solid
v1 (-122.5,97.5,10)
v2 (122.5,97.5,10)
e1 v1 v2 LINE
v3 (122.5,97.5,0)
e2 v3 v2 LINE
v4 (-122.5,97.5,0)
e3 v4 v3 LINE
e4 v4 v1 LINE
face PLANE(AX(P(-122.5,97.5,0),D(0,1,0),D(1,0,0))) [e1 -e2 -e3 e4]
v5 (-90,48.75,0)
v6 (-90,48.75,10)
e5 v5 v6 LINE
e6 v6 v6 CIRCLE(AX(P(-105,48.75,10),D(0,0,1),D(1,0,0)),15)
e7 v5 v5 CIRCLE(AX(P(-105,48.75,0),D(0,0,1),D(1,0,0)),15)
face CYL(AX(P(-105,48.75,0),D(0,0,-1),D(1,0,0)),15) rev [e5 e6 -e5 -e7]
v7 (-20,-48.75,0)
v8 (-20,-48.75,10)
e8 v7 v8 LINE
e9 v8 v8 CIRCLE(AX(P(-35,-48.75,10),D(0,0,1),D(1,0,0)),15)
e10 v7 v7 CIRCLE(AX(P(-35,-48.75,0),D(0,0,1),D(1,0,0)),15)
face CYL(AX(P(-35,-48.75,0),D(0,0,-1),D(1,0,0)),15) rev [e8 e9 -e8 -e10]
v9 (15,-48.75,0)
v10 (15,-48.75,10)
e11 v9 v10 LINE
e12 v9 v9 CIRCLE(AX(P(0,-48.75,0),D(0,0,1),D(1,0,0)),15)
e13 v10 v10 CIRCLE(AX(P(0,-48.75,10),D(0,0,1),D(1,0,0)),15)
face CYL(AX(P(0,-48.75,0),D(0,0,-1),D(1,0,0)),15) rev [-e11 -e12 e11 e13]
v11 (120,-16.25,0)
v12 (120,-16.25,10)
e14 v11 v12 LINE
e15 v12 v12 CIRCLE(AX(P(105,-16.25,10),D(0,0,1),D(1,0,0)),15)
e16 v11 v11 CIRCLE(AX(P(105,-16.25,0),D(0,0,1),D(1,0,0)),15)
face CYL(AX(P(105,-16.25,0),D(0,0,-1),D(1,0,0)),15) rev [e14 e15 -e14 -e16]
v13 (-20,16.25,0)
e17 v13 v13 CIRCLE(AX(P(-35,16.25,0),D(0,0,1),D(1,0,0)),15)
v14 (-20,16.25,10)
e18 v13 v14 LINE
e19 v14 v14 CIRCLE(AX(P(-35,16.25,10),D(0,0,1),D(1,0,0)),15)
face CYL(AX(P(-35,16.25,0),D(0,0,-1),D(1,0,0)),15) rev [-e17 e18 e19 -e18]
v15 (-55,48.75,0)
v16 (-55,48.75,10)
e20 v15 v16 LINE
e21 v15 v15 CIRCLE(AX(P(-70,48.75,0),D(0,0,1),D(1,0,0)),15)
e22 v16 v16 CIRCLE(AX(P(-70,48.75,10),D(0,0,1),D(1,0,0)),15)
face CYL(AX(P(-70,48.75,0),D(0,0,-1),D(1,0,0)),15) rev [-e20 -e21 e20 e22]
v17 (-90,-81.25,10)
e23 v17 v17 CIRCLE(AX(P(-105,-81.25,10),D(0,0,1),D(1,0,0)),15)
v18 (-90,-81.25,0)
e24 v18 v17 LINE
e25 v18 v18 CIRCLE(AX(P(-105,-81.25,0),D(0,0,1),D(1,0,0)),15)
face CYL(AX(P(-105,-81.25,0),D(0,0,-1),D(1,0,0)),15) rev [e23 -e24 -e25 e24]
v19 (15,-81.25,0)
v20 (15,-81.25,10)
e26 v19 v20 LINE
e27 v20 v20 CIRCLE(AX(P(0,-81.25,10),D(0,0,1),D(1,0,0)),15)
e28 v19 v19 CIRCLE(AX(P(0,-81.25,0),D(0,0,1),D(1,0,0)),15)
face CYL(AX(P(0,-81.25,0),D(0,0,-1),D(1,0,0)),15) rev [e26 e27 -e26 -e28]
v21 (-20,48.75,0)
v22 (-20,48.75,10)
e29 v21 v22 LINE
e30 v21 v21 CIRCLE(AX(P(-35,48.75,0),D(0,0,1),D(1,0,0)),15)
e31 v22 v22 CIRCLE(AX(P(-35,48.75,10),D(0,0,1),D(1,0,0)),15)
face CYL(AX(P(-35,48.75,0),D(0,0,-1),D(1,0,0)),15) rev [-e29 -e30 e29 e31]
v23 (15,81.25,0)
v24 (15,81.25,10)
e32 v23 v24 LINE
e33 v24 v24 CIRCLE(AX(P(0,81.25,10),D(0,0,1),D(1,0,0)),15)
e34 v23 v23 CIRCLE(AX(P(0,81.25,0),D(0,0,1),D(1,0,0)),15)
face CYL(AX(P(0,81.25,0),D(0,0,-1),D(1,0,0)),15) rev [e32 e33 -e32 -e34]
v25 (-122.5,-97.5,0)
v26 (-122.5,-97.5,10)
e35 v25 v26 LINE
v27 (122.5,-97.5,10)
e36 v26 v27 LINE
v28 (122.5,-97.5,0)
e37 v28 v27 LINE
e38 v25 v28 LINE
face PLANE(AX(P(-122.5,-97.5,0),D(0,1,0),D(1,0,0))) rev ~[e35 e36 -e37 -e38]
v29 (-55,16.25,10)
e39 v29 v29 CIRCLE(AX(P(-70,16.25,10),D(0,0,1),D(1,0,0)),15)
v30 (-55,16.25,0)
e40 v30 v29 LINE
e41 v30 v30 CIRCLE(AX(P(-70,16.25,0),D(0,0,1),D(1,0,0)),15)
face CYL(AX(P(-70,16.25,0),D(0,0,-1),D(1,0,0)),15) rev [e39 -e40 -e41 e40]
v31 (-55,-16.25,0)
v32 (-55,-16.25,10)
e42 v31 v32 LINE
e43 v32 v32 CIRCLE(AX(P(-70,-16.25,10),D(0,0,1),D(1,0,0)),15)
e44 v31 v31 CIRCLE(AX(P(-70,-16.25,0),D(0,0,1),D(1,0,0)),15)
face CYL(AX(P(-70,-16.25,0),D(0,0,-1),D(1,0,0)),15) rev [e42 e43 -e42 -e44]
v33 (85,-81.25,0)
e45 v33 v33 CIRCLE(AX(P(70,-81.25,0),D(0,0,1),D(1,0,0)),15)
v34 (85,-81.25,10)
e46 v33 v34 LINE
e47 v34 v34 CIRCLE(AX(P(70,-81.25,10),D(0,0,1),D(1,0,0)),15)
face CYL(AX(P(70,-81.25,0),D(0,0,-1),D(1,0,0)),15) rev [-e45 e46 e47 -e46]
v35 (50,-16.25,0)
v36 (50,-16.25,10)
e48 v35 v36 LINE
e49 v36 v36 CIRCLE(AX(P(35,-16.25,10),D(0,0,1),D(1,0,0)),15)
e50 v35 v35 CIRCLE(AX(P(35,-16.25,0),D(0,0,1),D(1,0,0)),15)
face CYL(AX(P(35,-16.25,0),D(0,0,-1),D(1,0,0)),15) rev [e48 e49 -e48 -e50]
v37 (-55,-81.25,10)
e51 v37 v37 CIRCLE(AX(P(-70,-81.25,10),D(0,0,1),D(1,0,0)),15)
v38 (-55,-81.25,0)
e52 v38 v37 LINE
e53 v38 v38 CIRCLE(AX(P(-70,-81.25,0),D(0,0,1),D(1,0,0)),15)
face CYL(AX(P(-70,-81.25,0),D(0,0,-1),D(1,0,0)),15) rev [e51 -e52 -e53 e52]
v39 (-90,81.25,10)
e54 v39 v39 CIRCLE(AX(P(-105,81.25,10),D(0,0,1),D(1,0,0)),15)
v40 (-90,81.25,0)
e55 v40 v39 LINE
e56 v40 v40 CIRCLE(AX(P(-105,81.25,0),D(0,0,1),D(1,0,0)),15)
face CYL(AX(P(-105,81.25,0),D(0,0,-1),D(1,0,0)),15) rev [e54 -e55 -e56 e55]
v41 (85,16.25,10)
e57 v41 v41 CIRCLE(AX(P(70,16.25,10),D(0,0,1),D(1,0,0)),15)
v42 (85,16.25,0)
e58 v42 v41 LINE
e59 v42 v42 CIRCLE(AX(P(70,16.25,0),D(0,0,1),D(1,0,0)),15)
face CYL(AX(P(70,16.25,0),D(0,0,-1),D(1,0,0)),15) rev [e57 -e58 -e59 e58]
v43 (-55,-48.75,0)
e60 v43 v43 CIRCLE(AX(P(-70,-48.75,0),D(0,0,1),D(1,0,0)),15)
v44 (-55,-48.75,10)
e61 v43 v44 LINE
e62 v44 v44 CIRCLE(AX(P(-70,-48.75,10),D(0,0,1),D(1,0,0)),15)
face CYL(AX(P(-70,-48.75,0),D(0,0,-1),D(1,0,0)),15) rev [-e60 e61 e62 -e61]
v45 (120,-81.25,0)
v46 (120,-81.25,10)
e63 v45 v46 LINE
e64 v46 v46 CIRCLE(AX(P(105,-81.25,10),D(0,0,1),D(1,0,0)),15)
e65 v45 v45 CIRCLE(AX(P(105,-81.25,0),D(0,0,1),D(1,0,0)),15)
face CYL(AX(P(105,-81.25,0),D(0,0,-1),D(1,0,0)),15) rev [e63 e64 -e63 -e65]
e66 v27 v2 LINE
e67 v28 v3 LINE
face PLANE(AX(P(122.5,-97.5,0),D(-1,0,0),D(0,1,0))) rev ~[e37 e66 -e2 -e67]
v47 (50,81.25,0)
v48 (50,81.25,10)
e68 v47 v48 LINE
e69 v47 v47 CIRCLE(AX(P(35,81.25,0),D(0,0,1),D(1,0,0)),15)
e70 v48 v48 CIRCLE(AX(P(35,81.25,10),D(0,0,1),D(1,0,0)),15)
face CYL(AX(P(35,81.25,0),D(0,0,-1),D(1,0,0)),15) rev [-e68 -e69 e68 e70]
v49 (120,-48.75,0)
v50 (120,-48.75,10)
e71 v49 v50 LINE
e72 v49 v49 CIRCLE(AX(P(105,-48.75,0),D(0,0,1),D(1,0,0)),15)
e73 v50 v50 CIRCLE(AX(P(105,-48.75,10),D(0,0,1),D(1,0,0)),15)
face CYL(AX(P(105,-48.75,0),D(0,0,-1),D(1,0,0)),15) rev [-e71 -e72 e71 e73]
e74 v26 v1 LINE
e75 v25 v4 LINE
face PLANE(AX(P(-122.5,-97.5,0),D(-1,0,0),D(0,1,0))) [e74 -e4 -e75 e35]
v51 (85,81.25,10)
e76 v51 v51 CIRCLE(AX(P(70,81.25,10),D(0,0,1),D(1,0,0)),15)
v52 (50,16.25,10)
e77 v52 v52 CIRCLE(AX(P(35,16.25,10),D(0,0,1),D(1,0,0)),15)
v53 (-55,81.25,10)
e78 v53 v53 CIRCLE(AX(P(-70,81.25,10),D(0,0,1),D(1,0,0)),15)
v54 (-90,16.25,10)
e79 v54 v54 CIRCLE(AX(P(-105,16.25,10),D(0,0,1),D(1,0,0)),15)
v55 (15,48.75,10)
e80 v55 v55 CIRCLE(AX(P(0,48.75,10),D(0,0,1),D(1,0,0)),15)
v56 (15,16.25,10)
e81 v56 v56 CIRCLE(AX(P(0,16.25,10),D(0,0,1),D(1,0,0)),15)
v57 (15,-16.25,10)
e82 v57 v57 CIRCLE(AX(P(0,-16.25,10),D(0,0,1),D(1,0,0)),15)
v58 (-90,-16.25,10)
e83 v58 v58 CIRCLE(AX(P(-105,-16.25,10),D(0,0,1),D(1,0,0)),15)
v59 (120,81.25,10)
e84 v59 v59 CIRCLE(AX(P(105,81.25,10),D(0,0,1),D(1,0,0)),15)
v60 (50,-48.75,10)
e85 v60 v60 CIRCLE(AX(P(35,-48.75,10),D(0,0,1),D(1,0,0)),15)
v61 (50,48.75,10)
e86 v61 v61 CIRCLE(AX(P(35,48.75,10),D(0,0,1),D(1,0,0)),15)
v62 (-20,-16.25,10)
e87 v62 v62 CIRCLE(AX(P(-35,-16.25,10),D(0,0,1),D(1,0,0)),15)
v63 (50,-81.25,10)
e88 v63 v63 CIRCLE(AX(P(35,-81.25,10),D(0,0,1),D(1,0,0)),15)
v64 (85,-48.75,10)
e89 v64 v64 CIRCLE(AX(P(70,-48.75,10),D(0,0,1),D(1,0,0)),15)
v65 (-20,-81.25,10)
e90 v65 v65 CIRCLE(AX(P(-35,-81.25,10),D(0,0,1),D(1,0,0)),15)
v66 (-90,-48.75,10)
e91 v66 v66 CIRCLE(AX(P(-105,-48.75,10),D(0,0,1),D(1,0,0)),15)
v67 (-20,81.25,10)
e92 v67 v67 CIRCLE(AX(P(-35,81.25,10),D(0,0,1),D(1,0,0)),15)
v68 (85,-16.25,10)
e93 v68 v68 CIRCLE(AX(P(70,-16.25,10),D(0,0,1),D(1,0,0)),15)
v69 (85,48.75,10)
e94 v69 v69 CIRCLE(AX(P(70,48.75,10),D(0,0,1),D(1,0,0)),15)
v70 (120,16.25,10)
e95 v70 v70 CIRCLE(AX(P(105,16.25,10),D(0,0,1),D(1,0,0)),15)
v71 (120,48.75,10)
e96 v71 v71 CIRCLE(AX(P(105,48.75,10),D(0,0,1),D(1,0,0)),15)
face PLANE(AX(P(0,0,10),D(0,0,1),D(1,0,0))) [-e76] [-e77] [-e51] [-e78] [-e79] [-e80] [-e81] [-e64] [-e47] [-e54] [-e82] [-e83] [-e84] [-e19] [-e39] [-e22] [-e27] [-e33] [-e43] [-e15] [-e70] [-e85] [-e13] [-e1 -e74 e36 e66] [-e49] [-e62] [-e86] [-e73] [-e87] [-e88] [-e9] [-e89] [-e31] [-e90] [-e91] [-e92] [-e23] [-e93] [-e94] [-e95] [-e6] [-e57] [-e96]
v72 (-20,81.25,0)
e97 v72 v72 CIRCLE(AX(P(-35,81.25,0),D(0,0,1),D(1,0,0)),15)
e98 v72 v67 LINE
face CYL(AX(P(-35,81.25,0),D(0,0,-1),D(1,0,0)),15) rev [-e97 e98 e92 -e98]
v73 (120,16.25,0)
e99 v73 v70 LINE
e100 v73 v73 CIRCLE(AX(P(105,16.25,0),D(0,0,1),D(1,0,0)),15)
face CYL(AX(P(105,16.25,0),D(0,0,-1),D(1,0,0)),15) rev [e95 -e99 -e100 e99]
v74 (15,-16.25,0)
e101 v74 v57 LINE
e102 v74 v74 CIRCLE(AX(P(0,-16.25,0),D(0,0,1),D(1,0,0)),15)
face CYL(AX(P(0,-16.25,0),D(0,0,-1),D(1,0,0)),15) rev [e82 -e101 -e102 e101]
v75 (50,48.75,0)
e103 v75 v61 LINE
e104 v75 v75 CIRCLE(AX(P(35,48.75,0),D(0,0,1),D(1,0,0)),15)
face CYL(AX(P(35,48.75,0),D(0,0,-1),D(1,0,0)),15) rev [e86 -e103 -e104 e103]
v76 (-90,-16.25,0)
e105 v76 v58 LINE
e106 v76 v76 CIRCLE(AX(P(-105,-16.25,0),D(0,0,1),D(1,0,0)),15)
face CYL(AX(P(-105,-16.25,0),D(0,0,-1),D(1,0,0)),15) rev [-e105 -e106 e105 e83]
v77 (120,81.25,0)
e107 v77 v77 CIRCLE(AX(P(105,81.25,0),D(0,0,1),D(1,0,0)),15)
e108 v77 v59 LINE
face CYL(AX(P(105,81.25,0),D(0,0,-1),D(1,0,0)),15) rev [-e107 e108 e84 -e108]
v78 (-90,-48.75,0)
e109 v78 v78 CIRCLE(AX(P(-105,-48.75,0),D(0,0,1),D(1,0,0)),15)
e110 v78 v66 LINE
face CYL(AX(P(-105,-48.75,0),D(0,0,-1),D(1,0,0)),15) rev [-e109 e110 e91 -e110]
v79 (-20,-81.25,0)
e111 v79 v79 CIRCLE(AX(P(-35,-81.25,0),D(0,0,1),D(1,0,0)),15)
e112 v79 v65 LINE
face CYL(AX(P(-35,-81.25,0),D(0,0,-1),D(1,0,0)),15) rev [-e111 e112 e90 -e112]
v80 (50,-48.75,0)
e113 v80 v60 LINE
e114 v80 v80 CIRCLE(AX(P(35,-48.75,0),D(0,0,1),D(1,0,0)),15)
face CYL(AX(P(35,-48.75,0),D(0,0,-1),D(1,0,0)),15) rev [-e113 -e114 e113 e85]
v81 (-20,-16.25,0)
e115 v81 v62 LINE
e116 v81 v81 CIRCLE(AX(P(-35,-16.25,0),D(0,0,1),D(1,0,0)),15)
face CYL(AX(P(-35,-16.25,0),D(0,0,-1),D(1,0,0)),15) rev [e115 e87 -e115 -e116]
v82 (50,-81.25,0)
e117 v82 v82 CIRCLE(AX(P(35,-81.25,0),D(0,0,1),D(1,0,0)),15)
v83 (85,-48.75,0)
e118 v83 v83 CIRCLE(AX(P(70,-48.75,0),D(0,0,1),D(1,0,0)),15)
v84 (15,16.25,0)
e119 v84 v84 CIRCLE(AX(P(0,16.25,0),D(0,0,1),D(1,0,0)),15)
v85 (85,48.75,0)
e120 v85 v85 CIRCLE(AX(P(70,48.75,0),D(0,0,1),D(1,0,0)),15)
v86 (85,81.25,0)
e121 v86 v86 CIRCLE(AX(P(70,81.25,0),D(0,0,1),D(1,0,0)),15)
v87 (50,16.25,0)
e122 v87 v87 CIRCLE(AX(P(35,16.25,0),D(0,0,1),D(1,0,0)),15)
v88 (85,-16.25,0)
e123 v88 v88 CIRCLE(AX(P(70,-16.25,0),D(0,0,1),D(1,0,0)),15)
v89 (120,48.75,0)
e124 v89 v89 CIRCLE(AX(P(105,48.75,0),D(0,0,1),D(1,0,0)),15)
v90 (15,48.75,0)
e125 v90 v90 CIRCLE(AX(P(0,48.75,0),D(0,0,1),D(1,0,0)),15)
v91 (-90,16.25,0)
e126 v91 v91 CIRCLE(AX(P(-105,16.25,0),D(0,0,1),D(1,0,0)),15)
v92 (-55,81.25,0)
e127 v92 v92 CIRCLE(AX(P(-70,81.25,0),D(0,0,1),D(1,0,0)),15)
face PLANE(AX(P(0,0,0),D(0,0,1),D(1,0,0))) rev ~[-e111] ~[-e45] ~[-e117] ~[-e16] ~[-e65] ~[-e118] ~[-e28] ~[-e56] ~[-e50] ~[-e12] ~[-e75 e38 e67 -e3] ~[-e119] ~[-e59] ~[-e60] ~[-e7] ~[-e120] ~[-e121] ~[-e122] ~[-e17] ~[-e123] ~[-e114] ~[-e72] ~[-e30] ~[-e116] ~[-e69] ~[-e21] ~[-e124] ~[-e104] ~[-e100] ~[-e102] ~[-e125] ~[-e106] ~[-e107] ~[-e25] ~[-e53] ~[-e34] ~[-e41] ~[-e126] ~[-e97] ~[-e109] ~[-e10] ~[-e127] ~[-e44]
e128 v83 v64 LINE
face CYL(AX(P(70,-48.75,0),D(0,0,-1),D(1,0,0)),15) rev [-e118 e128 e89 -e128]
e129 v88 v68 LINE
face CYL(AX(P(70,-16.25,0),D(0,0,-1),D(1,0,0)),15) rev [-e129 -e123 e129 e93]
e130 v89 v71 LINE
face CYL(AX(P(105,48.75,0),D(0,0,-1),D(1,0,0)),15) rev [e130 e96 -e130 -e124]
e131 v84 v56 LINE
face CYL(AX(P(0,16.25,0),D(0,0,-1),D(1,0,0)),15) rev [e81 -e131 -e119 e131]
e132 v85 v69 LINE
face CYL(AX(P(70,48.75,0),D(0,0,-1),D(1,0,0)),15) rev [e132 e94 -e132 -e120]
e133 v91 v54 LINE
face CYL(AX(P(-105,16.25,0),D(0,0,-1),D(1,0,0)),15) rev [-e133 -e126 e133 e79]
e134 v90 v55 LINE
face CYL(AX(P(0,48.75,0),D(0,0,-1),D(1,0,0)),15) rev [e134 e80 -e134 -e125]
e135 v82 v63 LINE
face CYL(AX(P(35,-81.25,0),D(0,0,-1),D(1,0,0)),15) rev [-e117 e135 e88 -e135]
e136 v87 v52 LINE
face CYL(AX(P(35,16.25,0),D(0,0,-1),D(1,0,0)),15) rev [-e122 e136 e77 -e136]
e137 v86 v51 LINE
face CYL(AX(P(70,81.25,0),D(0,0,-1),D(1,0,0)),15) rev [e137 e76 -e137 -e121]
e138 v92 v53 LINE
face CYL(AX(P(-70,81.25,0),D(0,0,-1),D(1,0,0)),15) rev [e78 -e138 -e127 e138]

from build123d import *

# Parameters (mm, degrees)
SKETCH1_W           = 245
SKETCH1_H           = 195
SKETCH1_R           = 15
BOSS_EXTRUDE1_DEPTH = 10


with BuildPart() as part:
    # Sketch1 → Boss-Extrude1 (new body)
    with BuildSketch(Plane.XY):
        Rectangle(SKETCH1_W, SKETCH1_H)
        with Locations((-105, 81.25)):
            Circle(SKETCH1_R, mode=Mode.SUBTRACT)
        with Locations((-70, 81.25)):
            Circle(SKETCH1_R, mode=Mode.SUBTRACT)
        with Locations((-35, 81.25)):
            Circle(SKETCH1_R, mode=Mode.SUBTRACT)
        with Locations((0, 81.25)):
            Circle(SKETCH1_R, mode=Mode.SUBTRACT)
        with Locations((35, 81.25)):
            Circle(SKETCH1_R, mode=Mode.SUBTRACT)
        with Locations((70, 81.25)):
            Circle(SKETCH1_R, mode=Mode.SUBTRACT)
        with Locations((105, 81.25)):
            Circle(SKETCH1_R, mode=Mode.SUBTRACT)
        with Locations((-70, 48.75)):
            Circle(SKETCH1_R, mode=Mode.SUBTRACT)
        with Locations((-35, 48.75)):
            Circle(SKETCH1_R, mode=Mode.SUBTRACT)
        with Locations((0, 48.75)):
            Circle(SKETCH1_R, mode=Mode.SUBTRACT)
        with Locations((35, 48.75)):
            Circle(SKETCH1_R, mode=Mode.SUBTRACT)
        with Locations((70, 48.75)):
            Circle(SKETCH1_R, mode=Mode.SUBTRACT)
        with Locations((105, 48.75)):
            Circle(SKETCH1_R, mode=Mode.SUBTRACT)
        with Locations((-70, 16.25)):
            Circle(SKETCH1_R, mode=Mode.SUBTRACT)
        with Locations((-35, 16.25)):
            Circle(SKETCH1_R, mode=Mode.SUBTRACT)
        with Locations((0, 16.25)):
            Circle(SKETCH1_R, mode=Mode.SUBTRACT)
        with Locations((35, 16.25)):
            Circle(SKETCH1_R, mode=Mode.SUBTRACT)
        with Locations((70, 16.25)):
            Circle(SKETCH1_R, mode=Mode.SUBTRACT)
        with Locations((105, 16.25)):
            Circle(SKETCH1_R, mode=Mode.SUBTRACT)
        with Locations((-70, -16.25)):
            Circle(SKETCH1_R, mode=Mode.SUBTRACT)
        with Locations((-35, -16.25)):
            Circle(SKETCH1_R, mode=Mode.SUBTRACT)
        with Locations((0, -16.25)):
            Circle(SKETCH1_R, mode=Mode.SUBTRACT)
        with Locations((35, -16.25)):
            Circle(SKETCH1_R, mode=Mode.SUBTRACT)
        with Locations((70, -16.25)):
            Circle(SKETCH1_R, mode=Mode.SUBTRACT)
        with Locations((105, -16.25)):
            Circle(SKETCH1_R, mode=Mode.SUBTRACT)
        with Locations((-70, -48.75)):
            Circle(SKETCH1_R, mode=Mode.SUBTRACT)
        with Locations((-35, -48.75)):
            Circle(SKETCH1_R, mode=Mode.SUBTRACT)
        with Locations((0, -48.75)):
            Circle(SKETCH1_R, mode=Mode.SUBTRACT)
        with Locations((35, -48.75)):
            Circle(SKETCH1_R, mode=Mode.SUBTRACT)
        with Locations((70, -48.75)):
            Circle(SKETCH1_R, mode=Mode.SUBTRACT)
        with Locations((105, -48.75)):
            Circle(SKETCH1_R, mode=Mode.SUBTRACT)
        with Locations((-70, -81.25)):
            Circle(SKETCH1_R, mode=Mode.SUBTRACT)
        with Locations((-35, -81.25)):
            Circle(SKETCH1_R, mode=Mode.SUBTRACT)
        with Locations((0, -81.25)):
            Circle(SKETCH1_R, mode=Mode.SUBTRACT)
        with Locations((35, -81.25)):
            Circle(SKETCH1_R, mode=Mode.SUBTRACT)
        with Locations((70, -81.25)):
            Circle(SKETCH1_R, mode=Mode.SUBTRACT)
        with Locations((105, -81.25)):
            Circle(SKETCH1_R, mode=Mode.SUBTRACT)
        with Locations((-105, 48.75)):
            Circle(SKETCH1_R, mode=Mode.SUBTRACT)
        with Locations((-105, 16.25)):
            Circle(SKETCH1_R, mode=Mode.SUBTRACT)
        with Locations((-105, -16.25)):
            Circle(SKETCH1_R, mode=Mode.SUBTRACT)
        with Locations((-105, -48.75)):
            Circle(SKETCH1_R, mode=Mode.SUBTRACT)
        with Locations((-105, -81.25)):
            Circle(SKETCH1_R, mode=Mode.SUBTRACT)
    extrude(amount=BOSS_EXTRUDE1_DEPTH)


solid = part.part
